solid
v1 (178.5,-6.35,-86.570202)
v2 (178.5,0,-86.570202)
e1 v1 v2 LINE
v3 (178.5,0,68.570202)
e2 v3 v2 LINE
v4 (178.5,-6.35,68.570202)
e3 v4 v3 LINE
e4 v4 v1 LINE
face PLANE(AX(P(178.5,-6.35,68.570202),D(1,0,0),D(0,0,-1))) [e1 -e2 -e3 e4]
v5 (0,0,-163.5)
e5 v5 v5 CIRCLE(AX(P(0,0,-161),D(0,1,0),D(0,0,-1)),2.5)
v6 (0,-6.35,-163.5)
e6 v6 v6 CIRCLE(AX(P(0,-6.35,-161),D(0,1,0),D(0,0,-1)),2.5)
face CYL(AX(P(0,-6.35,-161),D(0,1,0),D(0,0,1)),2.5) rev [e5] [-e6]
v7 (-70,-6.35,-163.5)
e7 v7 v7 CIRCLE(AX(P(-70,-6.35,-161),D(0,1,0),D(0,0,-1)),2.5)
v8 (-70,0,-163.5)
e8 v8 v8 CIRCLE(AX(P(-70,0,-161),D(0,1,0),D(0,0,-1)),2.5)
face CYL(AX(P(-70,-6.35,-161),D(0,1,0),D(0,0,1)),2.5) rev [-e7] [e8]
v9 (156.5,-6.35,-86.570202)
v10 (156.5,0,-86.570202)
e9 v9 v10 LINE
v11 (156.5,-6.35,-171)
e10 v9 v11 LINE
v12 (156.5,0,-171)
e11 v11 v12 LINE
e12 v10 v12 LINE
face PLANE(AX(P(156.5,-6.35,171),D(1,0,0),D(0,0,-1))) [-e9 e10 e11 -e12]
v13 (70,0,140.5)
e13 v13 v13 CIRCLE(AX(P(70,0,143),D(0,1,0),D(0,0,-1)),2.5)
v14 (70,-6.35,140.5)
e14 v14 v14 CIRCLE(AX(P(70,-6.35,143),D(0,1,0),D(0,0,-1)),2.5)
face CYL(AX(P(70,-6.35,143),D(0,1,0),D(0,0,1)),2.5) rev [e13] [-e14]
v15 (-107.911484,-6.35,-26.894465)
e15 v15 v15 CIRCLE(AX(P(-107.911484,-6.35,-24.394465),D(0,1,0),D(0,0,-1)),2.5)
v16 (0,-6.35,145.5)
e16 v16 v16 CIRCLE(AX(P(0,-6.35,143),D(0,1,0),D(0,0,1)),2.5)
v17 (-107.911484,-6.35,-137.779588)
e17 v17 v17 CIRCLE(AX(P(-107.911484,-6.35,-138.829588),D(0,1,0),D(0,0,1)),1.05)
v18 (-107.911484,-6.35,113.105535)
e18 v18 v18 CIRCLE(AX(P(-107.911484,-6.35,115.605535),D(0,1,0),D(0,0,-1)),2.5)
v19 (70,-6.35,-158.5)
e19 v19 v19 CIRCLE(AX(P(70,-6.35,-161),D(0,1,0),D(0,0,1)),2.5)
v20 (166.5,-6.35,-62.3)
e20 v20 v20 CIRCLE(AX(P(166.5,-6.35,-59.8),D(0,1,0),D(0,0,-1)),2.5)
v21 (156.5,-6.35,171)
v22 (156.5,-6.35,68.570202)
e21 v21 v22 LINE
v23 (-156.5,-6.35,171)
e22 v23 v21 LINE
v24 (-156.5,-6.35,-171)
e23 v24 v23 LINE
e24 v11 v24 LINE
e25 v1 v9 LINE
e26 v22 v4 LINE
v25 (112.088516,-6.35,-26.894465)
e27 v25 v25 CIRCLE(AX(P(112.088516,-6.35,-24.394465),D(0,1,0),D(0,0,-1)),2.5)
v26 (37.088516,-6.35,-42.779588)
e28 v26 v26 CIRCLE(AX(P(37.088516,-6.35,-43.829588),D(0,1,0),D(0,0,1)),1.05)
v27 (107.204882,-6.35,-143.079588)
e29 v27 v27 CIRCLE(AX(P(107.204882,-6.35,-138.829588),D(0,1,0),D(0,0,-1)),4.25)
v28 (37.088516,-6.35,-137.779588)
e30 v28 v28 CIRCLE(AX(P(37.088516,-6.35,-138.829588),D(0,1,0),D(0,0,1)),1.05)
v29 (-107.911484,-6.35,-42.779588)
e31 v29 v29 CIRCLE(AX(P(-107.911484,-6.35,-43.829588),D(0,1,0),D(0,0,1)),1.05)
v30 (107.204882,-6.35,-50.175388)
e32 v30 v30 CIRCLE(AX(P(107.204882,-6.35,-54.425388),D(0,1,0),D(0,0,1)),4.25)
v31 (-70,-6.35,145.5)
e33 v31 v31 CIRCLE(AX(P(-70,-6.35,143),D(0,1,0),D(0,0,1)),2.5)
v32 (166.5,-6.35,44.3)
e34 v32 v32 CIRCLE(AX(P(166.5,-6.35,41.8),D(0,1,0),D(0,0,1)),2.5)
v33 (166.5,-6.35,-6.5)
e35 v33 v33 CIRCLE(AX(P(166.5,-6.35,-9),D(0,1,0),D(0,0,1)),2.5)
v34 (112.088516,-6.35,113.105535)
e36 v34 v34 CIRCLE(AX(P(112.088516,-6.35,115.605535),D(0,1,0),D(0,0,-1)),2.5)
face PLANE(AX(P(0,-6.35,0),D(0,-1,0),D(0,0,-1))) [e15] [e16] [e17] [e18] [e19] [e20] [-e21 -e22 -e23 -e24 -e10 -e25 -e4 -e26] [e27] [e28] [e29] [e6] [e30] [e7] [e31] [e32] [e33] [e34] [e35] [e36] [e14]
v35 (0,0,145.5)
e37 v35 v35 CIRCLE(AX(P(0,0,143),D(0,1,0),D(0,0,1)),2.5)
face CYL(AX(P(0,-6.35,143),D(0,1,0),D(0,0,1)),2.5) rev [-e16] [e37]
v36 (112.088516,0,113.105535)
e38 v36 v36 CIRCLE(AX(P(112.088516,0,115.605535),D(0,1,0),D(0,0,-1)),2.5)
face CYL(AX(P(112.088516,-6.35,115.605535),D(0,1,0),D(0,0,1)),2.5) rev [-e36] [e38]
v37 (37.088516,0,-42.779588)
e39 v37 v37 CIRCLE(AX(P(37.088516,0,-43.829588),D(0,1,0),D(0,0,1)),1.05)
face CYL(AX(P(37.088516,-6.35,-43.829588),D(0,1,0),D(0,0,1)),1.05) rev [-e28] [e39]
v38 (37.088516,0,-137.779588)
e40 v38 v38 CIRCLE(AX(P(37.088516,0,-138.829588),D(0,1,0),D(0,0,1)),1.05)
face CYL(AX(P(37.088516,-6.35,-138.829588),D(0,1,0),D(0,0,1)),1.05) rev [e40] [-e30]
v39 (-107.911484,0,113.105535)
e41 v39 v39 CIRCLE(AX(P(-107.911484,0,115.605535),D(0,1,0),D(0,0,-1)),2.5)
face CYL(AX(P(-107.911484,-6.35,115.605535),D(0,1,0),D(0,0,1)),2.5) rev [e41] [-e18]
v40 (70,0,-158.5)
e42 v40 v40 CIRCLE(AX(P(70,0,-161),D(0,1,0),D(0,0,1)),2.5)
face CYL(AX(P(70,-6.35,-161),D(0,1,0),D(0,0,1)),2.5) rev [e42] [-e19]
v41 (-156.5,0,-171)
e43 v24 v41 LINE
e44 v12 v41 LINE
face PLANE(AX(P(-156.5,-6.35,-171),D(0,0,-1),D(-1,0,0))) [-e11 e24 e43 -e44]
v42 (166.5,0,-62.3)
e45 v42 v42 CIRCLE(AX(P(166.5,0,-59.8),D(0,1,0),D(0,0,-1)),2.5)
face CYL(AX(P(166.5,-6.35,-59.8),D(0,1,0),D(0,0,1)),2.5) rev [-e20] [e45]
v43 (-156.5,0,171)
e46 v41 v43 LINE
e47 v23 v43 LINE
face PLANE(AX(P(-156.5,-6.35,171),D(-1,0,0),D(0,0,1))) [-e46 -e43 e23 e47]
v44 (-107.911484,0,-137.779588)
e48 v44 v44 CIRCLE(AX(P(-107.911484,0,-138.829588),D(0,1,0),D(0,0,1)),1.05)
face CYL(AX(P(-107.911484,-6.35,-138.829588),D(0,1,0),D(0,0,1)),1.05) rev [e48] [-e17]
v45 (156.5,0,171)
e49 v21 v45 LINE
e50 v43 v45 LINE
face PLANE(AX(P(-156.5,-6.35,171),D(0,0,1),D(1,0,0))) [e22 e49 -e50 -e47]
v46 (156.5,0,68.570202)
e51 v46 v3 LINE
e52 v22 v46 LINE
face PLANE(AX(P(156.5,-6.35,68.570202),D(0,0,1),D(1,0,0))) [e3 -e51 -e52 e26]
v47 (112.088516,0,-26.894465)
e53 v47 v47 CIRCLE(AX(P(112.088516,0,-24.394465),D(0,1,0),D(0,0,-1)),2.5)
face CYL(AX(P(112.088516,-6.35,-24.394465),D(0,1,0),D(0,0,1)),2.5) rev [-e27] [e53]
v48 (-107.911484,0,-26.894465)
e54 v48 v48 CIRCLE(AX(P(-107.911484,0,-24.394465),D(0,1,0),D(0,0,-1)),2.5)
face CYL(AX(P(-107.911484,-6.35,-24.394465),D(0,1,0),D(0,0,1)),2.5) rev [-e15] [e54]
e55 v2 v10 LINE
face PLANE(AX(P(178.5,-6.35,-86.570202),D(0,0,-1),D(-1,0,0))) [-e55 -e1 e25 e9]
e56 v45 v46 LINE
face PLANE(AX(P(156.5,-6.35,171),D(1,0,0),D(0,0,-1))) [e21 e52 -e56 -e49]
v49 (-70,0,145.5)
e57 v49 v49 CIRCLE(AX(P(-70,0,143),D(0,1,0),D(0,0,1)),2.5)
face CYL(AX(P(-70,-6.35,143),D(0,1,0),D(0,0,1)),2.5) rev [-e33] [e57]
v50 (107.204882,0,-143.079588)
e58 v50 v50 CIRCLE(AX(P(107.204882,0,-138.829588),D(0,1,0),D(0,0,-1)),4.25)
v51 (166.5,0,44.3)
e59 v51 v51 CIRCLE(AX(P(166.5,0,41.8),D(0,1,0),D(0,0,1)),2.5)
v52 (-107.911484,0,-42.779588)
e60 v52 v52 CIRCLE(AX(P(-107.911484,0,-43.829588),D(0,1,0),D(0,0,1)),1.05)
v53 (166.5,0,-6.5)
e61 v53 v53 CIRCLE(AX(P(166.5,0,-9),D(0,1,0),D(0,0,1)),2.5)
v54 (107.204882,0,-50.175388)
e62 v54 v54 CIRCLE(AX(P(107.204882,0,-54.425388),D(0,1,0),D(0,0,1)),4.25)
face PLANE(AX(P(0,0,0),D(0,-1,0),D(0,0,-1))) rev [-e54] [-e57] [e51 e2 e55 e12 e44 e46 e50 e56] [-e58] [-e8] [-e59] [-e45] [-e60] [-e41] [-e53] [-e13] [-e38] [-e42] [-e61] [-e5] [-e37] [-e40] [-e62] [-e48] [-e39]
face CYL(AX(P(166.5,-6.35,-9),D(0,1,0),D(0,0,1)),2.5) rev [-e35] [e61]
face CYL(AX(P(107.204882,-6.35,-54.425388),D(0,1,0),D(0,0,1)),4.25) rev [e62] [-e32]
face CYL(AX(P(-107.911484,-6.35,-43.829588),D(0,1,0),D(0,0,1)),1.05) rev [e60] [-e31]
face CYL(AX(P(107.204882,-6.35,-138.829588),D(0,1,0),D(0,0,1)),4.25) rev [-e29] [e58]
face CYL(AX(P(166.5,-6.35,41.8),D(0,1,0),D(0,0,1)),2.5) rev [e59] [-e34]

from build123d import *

# Parameters (mm, degrees)
SKETCH1_W           = 313
SKETCH1_H           = 342
BOSS_EXTRUDE1_DEPTH = 6.35
SKETCH3_W           = 22
SKETCH3_H           = 155.14040353
SKETCH3_R           = 2.5
BOSS_EXTRUDE2_DEPTH = 6.35
SKETCH2_R           = 2.5
CUT_EXTRUDE1_DEPTH  = 7.35
SKETCH4_R           = 4.25
SKETCH4_R_2         = 2.5
SKETCH4_R_3         = 1.05
CUT_EXTRUDE2_DEPTH  = 7.35


with BuildPart() as part:
    # Sketch1 → Boss-Extrude1 (new body)
    with BuildSketch(Plane(origin=(0, 0, 0), x_dir=(1, 0, 0), z_dir=(0, 1, 0))):
        Rectangle(SKETCH1_W, SKETCH1_H)
    extrude(amount=-BOSS_EXTRUDE1_DEPTH)

    # Sketch3 → Boss-Extrude2 (add)
    with BuildSketch(Plane(origin=(0, 0, 0), x_dir=(1, 0, 0), z_dir=(0, 1, 0))):
        with Locations((167.5, 9)):
            Rectangle(SKETCH3_W, SKETCH3_H)
        with Locations((166.5, 9)):
            Circle(SKETCH3_R, mode=Mode.SUBTRACT)
        with Locations((166.5, -41.8)):
            Circle(SKETCH3_R, mode=Mode.SUBTRACT)
        with Locations((166.5, 59.8)):
            Circle(SKETCH3_R, mode=Mode.SUBTRACT)
    extrude(amount=-BOSS_EXTRUDE2_DEPTH)

    # Sketch2 → Cut-Extrude1 (cut, through all)
    with BuildSketch(Plane(origin=(0, 0, 0), x_dir=(1, 0, 0), z_dir=(0, 1, 0))):
        with Locations((0, -143)):
            Circle(SKETCH2_R)
        with Locations((-70, -143)):
            Circle(SKETCH2_R)
        with Locations((70, -143)):
            Circle(SKETCH2_R)
        with Locations((-70, 161)):
            Circle(SKETCH2_R)
        with Locations((0, 161)):
            Circle(SKETCH2_R)
        with Locations((70, 161)):
            Circle(SKETCH2_R)
    extrude(amount=-CUT_EXTRUDE1_DEPTH, mode=Mode.SUBTRACT)

    # Sketch4 → Cut-Extrude2 (cut, through all)
    with BuildSketch(Plane(origin=(0, 0, 0), x_dir=(1, 0, 0), z_dir=(0, 1, 0))):
        with Locations((107.204882136, 138.829587854)):
            Circle(SKETCH4_R)
        with Locations((107.204882136, 54.425387854)):
            Circle(SKETCH4_R)
        with Locations((-107.911484214, -115.605535397)):
            Circle(SKETCH4_R_2)
        with Locations((-107.911484214, 24.394464603)):
            Circle(SKETCH4_R_2)
        with Locations((112.088515786, 24.394464603)):
            Circle(SKETCH4_R_2)
        with Locations((112.088515786, -115.605535397)):
            Circle(SKETCH4_R_2)
        with Locations((-107.911484214, 138.829587854)):
            Circle(SKETCH4_R_3)
        with Locations((37.088515786, 138.829587854)):
            Circle(SKETCH4_R_3)
        with Locations((37.088515786, 43.829587854)):
            Circle(SKETCH4_R_3)
        with Locations((-107.911484214, 43.829587854)):
            Circle(SKETCH4_R_3)
    extrude(amount=-CUT_EXTRUDE2_DEPTH, mode=Mode.SUBTRACT)


solid = part.part
